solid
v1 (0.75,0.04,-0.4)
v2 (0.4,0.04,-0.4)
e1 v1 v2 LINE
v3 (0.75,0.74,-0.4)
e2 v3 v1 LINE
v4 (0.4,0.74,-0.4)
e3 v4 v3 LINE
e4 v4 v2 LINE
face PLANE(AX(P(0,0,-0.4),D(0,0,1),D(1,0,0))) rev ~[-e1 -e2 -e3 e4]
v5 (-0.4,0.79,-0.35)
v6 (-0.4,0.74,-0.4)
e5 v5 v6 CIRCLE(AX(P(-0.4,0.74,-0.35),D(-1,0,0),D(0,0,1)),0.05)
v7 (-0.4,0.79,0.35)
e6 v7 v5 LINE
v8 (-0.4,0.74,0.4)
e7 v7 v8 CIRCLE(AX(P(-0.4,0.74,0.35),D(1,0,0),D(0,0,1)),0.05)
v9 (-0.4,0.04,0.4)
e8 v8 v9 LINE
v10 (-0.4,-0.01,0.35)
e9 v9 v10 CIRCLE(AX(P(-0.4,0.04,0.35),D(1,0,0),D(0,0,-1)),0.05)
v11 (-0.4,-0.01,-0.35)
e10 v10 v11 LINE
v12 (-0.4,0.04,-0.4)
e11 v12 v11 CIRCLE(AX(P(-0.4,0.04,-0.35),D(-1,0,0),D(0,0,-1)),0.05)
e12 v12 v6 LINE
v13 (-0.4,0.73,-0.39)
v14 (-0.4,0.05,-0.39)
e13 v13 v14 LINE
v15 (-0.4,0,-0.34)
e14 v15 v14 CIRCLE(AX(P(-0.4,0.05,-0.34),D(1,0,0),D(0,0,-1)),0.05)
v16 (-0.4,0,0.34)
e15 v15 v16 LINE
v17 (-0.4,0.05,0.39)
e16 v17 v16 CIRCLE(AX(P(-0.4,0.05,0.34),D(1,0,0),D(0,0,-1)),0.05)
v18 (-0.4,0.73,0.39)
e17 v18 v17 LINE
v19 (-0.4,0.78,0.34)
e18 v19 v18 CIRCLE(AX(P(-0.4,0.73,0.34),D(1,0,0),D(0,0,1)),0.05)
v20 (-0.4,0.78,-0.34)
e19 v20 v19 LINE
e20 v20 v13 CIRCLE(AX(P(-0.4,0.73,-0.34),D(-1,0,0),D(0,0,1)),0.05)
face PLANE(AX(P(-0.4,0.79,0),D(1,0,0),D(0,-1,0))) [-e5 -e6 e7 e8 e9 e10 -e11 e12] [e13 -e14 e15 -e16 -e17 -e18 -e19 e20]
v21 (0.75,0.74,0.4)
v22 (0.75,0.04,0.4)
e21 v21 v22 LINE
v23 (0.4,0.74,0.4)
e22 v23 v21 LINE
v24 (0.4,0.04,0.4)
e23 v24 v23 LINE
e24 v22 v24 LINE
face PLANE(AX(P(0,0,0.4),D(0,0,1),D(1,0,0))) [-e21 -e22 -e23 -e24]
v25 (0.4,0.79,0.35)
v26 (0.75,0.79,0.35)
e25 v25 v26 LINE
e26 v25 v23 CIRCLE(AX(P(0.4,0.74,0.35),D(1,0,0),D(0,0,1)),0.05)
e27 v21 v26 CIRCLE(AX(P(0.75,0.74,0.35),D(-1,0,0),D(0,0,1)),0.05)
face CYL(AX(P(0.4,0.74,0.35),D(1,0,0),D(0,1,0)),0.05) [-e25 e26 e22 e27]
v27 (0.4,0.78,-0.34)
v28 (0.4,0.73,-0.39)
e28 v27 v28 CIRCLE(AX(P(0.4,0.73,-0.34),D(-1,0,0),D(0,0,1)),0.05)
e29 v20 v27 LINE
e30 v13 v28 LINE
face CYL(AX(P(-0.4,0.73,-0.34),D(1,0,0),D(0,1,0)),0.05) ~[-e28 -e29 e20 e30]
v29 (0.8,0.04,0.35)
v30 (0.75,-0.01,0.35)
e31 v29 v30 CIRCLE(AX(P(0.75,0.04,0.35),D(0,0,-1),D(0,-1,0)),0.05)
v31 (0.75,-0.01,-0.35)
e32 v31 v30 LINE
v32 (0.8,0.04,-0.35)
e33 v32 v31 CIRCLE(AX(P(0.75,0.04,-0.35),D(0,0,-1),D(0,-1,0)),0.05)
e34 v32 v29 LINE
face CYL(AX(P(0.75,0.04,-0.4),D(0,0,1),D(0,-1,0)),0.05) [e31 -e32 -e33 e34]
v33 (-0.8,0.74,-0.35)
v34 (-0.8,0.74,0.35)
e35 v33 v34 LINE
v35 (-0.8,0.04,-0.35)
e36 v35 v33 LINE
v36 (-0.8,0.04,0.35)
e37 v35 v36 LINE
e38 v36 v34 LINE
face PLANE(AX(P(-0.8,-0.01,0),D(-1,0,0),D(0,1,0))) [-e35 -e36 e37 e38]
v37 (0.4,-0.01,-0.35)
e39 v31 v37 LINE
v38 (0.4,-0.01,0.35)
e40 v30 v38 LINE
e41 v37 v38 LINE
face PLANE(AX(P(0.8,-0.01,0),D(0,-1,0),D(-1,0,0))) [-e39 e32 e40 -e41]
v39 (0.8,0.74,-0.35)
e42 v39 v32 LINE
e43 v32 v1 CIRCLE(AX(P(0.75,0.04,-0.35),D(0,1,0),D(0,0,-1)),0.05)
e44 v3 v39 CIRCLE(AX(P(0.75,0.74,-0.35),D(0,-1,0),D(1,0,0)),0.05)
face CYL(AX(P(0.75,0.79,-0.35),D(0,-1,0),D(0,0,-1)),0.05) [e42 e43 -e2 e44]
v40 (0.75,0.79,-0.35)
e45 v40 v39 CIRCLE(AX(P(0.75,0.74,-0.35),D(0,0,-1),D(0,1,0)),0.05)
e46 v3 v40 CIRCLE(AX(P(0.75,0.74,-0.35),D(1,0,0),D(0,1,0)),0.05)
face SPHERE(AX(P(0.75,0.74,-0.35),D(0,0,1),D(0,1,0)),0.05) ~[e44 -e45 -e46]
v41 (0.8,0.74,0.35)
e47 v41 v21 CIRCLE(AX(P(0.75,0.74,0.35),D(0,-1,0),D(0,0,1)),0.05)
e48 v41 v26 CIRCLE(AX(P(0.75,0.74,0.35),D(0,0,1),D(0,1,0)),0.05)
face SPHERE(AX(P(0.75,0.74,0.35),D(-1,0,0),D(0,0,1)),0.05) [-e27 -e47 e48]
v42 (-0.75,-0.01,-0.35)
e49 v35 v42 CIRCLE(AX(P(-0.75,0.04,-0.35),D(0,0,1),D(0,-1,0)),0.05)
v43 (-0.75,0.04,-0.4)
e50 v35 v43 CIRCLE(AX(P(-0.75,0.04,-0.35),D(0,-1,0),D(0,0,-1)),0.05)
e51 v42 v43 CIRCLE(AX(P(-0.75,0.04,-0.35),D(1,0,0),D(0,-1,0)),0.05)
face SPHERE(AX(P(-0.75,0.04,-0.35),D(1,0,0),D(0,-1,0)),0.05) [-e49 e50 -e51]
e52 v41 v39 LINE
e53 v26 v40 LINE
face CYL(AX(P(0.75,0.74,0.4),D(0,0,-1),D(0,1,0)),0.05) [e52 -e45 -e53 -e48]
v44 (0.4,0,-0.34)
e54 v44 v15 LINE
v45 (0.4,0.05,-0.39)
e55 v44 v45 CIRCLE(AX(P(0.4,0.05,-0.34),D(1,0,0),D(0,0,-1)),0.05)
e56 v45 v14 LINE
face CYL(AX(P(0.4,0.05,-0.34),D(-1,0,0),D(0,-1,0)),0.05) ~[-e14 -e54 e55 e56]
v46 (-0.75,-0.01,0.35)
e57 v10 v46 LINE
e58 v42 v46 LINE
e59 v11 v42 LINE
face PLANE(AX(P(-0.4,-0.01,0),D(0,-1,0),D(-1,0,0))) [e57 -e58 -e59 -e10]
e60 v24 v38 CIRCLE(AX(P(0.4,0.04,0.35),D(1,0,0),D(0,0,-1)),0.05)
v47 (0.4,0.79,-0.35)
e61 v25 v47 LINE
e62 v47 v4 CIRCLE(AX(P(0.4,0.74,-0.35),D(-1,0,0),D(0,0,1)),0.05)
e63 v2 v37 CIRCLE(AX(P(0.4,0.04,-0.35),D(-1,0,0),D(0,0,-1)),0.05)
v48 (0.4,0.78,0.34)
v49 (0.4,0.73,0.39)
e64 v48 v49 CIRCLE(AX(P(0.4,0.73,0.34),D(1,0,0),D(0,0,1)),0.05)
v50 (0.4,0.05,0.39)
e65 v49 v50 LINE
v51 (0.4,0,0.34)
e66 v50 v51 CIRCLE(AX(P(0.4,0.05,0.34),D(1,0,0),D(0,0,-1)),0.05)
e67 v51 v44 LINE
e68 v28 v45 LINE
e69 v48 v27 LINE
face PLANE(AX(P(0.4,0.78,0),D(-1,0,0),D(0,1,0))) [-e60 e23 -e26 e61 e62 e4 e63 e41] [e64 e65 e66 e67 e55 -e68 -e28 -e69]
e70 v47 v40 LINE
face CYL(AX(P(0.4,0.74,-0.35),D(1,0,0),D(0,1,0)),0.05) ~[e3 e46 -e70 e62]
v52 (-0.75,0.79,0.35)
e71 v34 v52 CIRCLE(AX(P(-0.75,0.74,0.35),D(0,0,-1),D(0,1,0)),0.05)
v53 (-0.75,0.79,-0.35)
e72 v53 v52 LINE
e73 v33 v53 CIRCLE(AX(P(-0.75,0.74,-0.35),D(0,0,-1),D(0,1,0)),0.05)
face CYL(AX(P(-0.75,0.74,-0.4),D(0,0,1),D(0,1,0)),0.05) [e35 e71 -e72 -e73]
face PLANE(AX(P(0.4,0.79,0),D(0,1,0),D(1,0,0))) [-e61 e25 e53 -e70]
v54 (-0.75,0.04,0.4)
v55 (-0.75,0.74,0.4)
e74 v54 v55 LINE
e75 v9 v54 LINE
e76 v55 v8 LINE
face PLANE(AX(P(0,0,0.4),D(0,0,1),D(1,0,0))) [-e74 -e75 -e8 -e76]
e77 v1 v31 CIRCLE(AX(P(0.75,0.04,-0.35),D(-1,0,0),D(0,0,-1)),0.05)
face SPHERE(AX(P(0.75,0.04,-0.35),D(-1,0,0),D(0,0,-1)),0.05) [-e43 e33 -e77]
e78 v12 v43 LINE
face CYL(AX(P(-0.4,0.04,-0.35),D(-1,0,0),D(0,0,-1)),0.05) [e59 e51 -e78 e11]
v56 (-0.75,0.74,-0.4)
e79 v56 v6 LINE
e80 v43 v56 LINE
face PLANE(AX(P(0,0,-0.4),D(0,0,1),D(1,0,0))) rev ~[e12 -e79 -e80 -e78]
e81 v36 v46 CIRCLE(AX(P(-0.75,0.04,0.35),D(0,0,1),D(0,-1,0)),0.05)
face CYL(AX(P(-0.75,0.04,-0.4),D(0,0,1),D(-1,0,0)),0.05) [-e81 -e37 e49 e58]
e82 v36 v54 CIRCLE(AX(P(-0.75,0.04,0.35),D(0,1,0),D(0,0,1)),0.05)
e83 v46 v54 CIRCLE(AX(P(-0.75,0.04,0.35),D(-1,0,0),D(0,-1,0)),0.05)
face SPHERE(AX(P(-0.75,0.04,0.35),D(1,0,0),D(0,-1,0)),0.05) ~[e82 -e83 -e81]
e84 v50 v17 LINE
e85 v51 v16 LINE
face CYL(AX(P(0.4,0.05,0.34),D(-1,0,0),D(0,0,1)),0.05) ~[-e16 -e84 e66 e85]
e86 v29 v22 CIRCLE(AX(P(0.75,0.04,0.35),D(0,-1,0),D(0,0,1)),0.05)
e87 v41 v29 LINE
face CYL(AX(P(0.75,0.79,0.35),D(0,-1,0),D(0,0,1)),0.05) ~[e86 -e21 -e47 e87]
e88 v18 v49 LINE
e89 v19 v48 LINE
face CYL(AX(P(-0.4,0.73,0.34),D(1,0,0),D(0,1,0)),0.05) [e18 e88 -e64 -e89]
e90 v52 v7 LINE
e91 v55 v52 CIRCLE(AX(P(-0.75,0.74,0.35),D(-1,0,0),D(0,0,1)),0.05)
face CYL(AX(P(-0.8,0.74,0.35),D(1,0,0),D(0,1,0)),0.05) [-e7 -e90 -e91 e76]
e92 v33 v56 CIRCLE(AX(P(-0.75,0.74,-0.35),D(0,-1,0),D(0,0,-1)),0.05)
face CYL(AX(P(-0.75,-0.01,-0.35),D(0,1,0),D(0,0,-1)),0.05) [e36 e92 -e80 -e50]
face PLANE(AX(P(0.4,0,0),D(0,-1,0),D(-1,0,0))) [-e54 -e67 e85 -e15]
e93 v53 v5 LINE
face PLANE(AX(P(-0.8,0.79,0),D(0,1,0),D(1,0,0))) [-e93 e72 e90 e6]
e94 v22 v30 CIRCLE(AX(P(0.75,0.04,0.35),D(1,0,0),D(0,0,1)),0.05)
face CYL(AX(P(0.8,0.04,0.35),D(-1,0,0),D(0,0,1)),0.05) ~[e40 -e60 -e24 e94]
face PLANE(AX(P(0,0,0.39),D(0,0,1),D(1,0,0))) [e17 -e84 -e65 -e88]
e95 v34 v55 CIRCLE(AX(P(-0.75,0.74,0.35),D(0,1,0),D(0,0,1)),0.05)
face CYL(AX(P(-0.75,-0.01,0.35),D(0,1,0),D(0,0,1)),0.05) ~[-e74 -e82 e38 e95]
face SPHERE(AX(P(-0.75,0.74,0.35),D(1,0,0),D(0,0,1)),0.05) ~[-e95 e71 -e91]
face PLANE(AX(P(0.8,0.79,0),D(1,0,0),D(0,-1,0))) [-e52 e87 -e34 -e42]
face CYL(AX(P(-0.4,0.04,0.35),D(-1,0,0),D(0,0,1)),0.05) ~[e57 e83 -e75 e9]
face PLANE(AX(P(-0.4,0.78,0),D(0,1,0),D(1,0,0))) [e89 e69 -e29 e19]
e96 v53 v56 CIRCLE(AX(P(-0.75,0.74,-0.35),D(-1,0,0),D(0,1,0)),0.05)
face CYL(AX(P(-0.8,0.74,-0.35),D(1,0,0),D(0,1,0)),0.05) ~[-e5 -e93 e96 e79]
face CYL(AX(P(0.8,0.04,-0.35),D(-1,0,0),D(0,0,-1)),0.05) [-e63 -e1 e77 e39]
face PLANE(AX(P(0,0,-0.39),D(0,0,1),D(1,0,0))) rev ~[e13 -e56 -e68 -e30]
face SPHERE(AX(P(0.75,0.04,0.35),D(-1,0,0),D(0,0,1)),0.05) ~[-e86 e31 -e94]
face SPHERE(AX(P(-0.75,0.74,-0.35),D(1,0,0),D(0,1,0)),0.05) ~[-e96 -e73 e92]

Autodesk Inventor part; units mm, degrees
ref_plane "YZ Plane" through (0, 0, 0) normal (1, 0, 0) x (0, 1, 0)
ref_plane "XZ Plane" through (0, 0, 0) normal (0, 1, 0) x (-1, 0, 0)
ref_plane "XY Plane" through (0, 0, 0) normal (0, 0, 1) x (1, 0, 0)
sketch "Sketch1" plane through (0, 0, 0) normal (0, 0, 1) x (1, 0, 0)
  line L0 (-0.8, 0.79) -> (-0.4, 0.79)
  line L1 (-0.4, 0.79) -> (-0.4, -0.01)
  line L2 (-0.4, -0.01) -> (-0.8, -0.01)
  line L3 (-0.8, -0.01) -> (-0.8, 0.79)
  line L4 (-0.4, 0.78) -> (0.4, 0.78)
  line L5 (0.4, 0.78) -> (0.4, 0)
  line L6 (0.4, 0) -> (-0.4, 0)
  line L7 (-0.4, 0) -> (-0.4, 0.78)
  line L8 (0.4, 0.79) -> (0.8, 0.79)
  line L9 (0.8, 0.79) -> (0.8, -0.01)
  line L10 (0.8, -0.01) -> (0.4, -0.01)
  line L11 (0.4, -0.01) -> (0.4, 0.79)
  point P0 (0, 0)
  point P1 (0, 0.78)
  point P2 (0, 0)
  dimension "d0" = 1.6
  dimension "d1" = 0.8
  dimension "d2" = 0.4
  dimension "d3" = 0.01
  dimension "d6" = 0.01
extrude "Extrusion1" add sketch "Sketch1" along normal mid plane 0.8 contours L0 L1 L2 L3 | L11 L8 L9 L10 L5
extrude "Extrusion2" add sketch "Sketch1" along normal mid plane 0.78 contours L4 L5 L6 L1
fillet "Fillet1" radius 0.05 20 edges at (-0.6, 0.79, 0.4) (-0.6, 0.79, -0.4) (0, 0.78, -0.39) (0, 0.78, 0.39) (-0.6, -0.01, 0.4) (0, 0, 0.39) (0, 0, -0.39) (-0.6, -0.01, -0.4) (0.6, -0.01, -0.4) (0.6, -0.01, 0.4) (0.6, 0.79, 0.4) (0.8, 0.39, 0.4) (0.8, 0.79, 0) (0.6, 0.79, -0.4) (0.8, 0.39, -0.4) (0.8, -0.01, 0) (-0.8, -0.01, 0) (-0.8, 0.39, 0.4) (-0.8, 0.79, 0) (-0.8, 0.39, -0.4)
properties part number "Inductor_1608-0.8mm" material "Copper"
